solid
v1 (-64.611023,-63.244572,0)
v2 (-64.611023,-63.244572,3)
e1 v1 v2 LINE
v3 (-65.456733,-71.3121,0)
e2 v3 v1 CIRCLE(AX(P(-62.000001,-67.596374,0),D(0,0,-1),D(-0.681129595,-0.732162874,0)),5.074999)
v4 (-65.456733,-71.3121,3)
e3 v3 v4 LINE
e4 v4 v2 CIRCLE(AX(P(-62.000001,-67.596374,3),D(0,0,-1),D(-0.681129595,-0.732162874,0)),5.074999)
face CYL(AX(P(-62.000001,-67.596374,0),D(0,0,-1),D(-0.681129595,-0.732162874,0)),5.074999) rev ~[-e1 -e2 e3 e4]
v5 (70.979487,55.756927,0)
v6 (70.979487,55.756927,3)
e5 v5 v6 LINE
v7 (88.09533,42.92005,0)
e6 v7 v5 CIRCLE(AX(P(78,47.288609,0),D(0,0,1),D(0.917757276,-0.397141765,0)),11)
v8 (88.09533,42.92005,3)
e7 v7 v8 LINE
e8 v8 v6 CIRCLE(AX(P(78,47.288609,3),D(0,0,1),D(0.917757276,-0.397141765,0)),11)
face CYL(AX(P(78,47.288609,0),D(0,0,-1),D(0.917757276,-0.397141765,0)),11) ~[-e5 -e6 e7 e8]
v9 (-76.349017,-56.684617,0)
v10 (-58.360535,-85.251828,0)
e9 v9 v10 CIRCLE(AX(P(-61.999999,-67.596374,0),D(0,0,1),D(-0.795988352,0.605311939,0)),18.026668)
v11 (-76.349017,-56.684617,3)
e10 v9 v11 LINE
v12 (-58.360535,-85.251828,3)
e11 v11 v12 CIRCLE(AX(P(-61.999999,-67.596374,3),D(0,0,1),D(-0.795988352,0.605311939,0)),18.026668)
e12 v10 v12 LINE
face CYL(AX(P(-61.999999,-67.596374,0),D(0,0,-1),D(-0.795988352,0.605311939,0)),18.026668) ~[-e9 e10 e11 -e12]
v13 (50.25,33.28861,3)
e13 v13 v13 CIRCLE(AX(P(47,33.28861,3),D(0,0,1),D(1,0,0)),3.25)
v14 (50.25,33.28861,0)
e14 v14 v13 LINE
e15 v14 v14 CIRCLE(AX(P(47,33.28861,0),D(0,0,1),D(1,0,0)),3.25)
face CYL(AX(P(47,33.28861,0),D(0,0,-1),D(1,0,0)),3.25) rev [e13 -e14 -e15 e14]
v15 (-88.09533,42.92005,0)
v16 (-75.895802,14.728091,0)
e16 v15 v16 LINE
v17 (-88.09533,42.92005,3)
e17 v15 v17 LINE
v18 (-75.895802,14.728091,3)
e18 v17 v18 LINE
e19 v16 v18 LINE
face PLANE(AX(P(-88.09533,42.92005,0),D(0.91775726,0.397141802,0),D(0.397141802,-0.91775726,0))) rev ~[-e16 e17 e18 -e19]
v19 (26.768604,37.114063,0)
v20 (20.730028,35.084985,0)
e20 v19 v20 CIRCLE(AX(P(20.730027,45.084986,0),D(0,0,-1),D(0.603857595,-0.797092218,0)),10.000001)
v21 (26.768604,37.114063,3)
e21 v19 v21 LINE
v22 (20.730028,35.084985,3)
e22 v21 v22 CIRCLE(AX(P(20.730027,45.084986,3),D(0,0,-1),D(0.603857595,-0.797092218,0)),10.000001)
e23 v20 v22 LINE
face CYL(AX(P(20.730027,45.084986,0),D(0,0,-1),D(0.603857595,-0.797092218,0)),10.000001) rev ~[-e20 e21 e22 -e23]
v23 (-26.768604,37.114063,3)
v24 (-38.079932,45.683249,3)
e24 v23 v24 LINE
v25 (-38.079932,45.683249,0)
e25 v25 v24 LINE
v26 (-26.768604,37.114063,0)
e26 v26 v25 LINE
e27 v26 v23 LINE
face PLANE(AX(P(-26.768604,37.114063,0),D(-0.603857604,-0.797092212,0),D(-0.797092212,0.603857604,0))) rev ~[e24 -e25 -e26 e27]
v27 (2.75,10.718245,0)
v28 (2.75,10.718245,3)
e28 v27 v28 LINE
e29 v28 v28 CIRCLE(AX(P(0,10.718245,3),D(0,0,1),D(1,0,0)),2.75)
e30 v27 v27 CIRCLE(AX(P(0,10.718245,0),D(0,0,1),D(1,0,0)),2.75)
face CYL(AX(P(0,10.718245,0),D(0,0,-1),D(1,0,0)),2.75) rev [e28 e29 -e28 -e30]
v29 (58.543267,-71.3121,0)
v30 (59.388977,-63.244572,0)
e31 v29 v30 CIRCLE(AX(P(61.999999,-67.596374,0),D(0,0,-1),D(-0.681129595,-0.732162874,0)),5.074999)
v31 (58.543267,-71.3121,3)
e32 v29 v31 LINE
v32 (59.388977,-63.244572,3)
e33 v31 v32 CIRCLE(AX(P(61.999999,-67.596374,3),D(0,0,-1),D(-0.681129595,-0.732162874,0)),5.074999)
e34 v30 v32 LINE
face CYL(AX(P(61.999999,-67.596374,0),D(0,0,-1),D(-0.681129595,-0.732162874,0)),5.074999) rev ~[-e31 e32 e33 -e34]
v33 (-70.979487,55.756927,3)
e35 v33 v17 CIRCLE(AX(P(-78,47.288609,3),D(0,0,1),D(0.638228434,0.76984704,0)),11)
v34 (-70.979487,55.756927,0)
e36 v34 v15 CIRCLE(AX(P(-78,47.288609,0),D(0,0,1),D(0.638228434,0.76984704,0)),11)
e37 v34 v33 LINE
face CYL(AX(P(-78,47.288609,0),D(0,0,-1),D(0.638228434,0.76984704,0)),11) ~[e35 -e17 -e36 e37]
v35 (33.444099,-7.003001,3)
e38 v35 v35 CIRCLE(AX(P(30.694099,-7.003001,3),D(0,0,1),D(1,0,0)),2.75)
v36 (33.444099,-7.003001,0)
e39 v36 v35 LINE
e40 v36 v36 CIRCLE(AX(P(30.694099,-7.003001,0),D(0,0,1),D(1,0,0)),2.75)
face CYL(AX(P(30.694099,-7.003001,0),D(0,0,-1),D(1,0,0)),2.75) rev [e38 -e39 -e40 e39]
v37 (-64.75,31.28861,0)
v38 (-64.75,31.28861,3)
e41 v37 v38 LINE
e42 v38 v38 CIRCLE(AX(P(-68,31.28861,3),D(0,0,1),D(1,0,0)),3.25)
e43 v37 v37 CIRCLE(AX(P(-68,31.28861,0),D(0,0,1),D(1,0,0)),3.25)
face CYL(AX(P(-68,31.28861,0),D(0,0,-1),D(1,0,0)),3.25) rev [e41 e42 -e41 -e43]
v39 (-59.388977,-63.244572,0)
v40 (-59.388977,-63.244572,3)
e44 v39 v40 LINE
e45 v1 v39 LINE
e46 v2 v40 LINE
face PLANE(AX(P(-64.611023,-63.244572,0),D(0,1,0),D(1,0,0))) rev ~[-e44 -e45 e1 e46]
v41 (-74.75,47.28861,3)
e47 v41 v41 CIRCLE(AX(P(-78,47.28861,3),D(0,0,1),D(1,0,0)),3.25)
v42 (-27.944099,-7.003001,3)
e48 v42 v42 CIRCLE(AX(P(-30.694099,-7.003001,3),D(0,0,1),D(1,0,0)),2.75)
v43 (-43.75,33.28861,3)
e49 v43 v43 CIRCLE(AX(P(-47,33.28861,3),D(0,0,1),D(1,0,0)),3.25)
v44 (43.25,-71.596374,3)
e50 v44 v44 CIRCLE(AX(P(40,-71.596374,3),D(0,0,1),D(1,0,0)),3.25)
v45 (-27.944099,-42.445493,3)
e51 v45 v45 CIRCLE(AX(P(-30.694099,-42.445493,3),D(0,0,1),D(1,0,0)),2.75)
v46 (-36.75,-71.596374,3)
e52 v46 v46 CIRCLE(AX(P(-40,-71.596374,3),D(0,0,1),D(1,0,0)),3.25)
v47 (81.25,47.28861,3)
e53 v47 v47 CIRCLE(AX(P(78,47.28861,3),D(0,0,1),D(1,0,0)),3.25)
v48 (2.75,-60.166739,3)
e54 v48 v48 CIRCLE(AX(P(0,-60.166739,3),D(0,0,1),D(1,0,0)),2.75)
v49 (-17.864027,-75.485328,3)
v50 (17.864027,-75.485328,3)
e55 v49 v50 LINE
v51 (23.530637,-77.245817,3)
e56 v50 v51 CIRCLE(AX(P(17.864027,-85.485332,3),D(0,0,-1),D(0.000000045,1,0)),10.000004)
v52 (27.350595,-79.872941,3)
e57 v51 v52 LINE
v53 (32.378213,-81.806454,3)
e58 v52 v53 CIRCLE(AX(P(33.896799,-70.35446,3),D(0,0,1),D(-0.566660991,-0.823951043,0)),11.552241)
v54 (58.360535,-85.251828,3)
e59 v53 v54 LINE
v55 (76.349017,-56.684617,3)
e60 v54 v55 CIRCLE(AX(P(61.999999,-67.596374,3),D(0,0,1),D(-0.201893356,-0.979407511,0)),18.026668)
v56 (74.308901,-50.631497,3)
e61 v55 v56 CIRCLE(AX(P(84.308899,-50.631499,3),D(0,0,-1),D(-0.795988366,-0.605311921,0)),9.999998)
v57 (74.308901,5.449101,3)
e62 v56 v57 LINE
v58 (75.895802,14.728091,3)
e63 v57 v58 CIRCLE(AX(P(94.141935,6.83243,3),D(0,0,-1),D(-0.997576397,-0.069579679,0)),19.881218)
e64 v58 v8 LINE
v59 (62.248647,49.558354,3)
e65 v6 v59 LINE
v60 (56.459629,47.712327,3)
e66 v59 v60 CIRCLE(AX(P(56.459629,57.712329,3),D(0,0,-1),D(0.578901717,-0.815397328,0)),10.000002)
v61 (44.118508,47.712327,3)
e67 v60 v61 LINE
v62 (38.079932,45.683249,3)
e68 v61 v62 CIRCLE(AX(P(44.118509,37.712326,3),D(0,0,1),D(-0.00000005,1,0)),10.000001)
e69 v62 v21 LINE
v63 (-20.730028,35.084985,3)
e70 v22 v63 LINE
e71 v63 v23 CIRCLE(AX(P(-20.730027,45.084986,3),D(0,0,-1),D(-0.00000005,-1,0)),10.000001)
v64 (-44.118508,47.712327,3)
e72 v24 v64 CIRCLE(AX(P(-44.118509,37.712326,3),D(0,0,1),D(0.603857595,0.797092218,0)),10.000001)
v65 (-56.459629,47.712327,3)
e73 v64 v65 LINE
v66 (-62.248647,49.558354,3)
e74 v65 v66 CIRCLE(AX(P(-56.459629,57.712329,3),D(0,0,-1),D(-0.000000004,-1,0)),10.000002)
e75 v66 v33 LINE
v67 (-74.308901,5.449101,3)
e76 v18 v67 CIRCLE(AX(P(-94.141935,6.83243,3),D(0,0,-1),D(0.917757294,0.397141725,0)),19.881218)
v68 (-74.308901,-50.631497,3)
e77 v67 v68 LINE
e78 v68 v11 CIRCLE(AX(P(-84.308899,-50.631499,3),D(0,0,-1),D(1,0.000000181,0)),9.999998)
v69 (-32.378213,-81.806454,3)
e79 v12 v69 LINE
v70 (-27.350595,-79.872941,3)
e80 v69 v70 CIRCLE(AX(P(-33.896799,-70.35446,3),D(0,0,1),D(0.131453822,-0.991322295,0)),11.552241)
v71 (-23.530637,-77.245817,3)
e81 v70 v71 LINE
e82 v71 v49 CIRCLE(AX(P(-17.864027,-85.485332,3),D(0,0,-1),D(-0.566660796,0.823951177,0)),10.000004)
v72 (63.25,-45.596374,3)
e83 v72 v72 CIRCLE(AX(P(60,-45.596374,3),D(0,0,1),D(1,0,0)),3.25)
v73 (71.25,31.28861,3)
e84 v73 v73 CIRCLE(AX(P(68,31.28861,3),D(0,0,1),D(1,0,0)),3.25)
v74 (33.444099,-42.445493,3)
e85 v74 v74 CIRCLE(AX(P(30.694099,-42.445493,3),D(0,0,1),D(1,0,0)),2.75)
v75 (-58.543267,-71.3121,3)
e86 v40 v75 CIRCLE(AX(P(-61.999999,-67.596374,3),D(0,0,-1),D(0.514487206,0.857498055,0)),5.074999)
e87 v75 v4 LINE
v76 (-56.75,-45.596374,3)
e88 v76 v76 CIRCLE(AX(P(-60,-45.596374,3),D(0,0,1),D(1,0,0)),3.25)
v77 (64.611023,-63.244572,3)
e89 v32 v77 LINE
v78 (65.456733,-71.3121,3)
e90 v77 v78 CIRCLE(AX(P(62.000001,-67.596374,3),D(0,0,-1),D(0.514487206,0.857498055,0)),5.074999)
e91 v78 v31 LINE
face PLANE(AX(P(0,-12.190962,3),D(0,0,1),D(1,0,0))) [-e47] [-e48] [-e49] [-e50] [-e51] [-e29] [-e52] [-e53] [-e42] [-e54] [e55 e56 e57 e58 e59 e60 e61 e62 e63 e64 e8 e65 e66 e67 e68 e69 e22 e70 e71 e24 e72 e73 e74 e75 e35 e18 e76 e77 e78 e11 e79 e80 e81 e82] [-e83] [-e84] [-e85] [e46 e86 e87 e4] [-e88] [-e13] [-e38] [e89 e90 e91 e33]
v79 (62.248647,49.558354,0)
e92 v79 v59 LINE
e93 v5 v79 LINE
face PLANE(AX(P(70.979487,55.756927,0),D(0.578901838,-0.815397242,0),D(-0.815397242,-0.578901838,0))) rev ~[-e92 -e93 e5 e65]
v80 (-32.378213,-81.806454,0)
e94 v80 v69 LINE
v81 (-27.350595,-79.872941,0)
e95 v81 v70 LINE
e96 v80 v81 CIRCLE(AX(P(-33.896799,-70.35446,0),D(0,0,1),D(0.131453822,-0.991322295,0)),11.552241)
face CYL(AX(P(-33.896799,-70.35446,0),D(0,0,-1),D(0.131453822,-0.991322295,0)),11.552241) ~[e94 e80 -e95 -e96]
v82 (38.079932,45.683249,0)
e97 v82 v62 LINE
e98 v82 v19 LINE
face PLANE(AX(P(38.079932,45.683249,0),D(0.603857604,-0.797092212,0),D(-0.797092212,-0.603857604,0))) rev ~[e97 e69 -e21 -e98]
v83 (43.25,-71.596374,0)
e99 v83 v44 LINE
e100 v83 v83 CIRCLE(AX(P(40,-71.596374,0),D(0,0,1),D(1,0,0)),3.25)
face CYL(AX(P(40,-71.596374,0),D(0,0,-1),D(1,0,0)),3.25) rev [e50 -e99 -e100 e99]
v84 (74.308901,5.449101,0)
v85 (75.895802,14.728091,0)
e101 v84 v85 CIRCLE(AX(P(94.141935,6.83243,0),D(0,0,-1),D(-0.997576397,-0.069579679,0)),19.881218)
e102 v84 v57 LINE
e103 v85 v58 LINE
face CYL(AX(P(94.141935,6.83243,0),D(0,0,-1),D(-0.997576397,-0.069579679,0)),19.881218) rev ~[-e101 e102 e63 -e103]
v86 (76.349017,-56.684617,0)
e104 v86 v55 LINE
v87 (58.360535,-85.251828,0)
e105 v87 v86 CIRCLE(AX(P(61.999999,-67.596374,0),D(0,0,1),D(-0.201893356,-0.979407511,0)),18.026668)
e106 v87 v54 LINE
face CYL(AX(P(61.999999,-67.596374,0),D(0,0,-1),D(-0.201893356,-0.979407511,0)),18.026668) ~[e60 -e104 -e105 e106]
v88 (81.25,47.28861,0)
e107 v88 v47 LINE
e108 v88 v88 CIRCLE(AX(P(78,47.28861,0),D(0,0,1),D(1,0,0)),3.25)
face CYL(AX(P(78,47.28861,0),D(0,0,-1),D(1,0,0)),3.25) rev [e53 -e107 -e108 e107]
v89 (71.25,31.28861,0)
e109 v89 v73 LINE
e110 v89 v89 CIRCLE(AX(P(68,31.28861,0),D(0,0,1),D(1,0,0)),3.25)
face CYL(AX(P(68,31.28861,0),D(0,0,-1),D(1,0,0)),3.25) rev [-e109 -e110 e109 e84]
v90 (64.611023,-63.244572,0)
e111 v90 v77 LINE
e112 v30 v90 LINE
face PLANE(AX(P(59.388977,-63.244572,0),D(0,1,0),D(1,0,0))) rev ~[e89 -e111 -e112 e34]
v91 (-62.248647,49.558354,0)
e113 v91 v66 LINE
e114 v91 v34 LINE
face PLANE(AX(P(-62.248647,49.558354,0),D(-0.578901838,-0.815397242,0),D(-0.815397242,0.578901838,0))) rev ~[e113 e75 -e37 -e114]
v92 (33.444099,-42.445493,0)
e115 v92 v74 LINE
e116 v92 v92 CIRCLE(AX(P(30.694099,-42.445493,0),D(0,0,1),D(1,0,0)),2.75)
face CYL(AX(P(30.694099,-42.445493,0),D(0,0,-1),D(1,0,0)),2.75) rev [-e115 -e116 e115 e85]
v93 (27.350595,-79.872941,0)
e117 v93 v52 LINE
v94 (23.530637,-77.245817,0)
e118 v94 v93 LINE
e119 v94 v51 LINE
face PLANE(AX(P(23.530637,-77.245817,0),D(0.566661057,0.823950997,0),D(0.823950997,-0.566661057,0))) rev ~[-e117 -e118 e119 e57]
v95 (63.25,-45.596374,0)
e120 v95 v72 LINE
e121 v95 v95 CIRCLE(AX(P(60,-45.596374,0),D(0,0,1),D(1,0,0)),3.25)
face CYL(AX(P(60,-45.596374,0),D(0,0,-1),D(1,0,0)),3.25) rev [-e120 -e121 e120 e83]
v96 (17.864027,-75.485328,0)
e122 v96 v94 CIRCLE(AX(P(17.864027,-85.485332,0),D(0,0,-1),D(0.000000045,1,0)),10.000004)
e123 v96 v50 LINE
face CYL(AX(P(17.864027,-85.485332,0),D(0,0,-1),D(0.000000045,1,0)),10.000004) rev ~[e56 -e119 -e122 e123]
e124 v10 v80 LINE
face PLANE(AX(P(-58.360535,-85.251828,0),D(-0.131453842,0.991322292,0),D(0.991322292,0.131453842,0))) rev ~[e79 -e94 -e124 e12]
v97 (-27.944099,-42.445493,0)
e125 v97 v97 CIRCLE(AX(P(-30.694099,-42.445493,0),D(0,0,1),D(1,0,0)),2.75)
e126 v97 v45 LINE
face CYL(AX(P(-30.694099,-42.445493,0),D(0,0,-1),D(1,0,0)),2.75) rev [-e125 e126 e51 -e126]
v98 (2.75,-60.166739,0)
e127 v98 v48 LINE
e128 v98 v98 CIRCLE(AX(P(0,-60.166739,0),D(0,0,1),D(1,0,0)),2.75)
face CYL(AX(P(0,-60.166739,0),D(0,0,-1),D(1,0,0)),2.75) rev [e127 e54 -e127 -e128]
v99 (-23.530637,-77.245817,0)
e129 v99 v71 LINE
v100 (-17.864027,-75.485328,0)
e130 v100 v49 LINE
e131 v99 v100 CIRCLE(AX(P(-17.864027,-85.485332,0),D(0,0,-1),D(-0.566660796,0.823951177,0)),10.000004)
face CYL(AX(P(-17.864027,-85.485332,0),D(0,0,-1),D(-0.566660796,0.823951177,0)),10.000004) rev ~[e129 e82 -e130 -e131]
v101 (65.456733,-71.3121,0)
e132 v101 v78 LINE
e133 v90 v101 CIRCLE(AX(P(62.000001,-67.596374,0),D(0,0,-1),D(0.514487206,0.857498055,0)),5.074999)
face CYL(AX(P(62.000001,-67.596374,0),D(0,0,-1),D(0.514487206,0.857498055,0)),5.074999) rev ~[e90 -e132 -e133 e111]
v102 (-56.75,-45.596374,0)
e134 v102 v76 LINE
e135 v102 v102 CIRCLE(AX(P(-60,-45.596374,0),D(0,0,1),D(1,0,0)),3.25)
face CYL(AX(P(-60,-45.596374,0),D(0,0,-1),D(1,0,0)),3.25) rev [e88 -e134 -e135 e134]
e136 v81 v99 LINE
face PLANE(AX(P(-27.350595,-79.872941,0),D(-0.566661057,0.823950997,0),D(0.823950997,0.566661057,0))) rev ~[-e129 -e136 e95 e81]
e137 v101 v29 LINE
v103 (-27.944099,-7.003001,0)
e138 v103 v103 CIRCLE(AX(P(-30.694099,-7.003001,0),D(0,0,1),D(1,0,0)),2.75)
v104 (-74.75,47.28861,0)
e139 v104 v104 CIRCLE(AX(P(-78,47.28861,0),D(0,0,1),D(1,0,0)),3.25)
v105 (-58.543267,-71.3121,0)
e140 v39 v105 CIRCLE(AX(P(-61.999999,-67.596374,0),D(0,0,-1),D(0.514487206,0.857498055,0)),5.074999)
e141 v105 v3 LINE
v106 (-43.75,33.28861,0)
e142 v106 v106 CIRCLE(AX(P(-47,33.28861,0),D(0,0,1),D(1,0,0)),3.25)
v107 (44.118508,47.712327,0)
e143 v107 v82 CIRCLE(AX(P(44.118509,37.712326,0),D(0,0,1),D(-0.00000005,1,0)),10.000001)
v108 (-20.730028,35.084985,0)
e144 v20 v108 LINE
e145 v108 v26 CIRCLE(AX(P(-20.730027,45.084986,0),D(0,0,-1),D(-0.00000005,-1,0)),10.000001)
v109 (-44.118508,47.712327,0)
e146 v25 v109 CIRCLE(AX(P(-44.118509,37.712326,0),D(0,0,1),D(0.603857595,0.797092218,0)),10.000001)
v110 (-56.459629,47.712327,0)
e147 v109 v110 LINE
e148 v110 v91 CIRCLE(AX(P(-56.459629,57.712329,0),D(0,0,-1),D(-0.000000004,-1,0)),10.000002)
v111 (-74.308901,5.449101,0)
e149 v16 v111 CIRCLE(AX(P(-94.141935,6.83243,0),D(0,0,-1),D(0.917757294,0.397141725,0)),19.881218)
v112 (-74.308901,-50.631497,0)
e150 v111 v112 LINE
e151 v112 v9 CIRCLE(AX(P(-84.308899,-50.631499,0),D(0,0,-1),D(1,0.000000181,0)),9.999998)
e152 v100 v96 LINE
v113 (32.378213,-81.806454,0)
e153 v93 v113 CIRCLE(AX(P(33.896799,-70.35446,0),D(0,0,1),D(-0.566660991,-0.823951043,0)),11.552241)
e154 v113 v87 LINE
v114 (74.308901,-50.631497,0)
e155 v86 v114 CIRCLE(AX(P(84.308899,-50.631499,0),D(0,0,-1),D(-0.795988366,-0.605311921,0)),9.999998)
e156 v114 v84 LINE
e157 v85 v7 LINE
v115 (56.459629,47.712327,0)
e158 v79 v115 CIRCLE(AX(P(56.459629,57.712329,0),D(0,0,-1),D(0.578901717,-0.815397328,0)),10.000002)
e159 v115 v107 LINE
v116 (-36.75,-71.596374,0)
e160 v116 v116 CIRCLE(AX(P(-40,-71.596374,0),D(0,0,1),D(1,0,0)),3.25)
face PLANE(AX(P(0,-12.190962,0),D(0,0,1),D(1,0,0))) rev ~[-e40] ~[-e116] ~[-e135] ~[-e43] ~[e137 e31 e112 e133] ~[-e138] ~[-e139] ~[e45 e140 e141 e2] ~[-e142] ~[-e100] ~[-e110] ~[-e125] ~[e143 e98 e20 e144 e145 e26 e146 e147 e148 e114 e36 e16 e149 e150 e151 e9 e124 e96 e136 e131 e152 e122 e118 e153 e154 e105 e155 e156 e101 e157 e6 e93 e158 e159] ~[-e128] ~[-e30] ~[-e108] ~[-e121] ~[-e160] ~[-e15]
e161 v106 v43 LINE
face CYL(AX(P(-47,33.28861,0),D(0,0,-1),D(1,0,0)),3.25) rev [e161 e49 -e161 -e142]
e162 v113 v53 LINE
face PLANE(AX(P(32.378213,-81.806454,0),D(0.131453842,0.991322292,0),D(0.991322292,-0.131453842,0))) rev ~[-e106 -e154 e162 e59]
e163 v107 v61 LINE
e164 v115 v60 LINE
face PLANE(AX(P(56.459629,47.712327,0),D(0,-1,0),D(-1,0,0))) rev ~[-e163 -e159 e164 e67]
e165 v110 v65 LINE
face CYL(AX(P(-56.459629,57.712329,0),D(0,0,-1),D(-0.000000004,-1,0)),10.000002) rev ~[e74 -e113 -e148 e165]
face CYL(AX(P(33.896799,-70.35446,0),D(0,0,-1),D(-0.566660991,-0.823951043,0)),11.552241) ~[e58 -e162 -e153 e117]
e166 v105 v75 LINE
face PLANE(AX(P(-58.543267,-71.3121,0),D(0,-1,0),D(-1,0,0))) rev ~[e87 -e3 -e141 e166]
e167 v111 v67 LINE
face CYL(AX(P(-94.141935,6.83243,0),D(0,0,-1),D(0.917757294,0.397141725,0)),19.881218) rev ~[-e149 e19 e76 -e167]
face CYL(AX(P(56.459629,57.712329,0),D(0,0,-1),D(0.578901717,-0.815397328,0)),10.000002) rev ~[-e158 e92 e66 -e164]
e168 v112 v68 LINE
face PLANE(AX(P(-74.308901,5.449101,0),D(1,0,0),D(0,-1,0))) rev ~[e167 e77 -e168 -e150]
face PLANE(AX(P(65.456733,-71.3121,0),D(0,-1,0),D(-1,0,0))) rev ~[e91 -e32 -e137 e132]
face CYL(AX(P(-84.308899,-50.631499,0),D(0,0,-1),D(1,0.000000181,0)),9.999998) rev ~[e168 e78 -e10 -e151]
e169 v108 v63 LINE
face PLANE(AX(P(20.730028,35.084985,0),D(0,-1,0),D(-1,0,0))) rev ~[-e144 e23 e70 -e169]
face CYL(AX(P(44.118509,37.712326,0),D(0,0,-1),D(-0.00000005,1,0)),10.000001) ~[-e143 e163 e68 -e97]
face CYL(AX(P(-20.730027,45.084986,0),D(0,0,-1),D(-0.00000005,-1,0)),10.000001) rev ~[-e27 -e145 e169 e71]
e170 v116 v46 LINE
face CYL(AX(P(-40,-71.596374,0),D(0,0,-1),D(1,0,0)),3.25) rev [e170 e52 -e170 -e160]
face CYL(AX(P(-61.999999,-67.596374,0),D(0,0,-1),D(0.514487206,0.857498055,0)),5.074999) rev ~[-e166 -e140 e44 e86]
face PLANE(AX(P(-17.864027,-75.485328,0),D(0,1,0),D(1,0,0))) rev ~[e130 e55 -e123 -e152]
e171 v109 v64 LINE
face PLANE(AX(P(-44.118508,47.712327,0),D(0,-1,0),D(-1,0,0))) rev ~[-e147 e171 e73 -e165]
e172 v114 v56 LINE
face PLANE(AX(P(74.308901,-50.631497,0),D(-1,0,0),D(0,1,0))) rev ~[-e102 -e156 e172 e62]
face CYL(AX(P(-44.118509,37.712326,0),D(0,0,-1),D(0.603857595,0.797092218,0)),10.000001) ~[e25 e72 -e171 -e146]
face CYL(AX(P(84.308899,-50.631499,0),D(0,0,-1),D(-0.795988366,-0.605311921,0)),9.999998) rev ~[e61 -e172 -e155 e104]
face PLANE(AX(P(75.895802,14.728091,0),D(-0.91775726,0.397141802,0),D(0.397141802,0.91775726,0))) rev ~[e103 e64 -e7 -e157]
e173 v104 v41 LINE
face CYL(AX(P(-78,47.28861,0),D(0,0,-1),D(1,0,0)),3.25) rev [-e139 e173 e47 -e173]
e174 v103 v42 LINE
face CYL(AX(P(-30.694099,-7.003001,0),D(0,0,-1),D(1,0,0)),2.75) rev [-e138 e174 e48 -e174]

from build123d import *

# Parameters (mm, degrees)
F0_R     = 3.25
F0_R_2   = 2.75
F1_DEPTH = 3


with BuildPart() as f1:
    # F0 (on Top) → F1 (new body)
    with BuildSketch(Plane.XY):
        with BuildLine():
            Line((32.378213, -81.806454), (58.360535, -85.251828))
            ThreePointArc((58.360535, -85.251828), (77.254344, -77.201879), (76.349017, -56.684617))
            ThreePointArc((76.349017, -56.684617), (74.832645, -53.825332), (74.308901, -50.631497))
            Line((74.308901, -50.631497), (74.308901, 5.449101))
            ThreePointArc((74.308901, 5.449101), (74.545235, 10.183875), (75.895802, 14.728091))
            Line((75.895802, 14.728091), (88.09533, 42.92005))
            ThreePointArc((88.09533, 42.92005), (84.599998, 56.088611), (70.979487, 55.756927))
            Line((70.979487, 55.756927), (62.248647, 49.558354))
            ThreePointArc((62.248647, 49.558354), (59.497743, 48.185005), (56.459629, 47.712327))
            Line((56.459629, 47.712327), (44.118508, 47.712327))
            ThreePointArc((44.118508, 47.712327), (40.933325, 47.191494), (38.079932, 45.683249))
            Line((38.079932, 45.683249), (26.768604, 37.114063))
            ThreePointArc((26.768604, 37.114063), (23.915211, 35.605818), (20.730028, 35.084985))
            Line((20.730028, 35.084985), (0, 35.084985))
            Line((0, 35.084985), (-20.730028, 35.084985))
            ThreePointArc((-20.730028, 35.084985), (-23.915211, 35.605818), (-26.768604, 37.114063))
            Line((-26.768604, 37.114063), (-38.079932, 45.683249))
            ThreePointArc((-38.079932, 45.683249), (-40.933325, 47.191494), (-44.118508, 47.712327))
            Line((-44.118508, 47.712327), (-56.459629, 47.712327))
            ThreePointArc((-56.459629, 47.712327), (-59.497743, 48.185005), (-62.248647, 49.558354))
            Line((-62.248647, 49.558354), (-70.979487, 55.756927))
            ThreePointArc((-70.979487, 55.756927), (-84.599998, 56.088611), (-88.09533, 42.92005))
            Line((-88.09533, 42.92005), (-75.895802, 14.728091))
            ThreePointArc((-75.895802, 14.728091), (-74.545235, 10.183875), (-74.308901, 5.449101))
            Line((-74.308901, 5.449101), (-74.308901, -50.631497))
            ThreePointArc((-74.308901, -50.631497), (-74.832645, -53.825332), (-76.349017, -56.684617))
            ThreePointArc((-76.349017, -56.684617), (-77.254344, -77.201879), (-58.360535, -85.251828))
            Line((-58.360535, -85.251828), (-32.378213, -81.806454))
            ThreePointArc((-32.378213, -81.806454), (-29.750134, -81.136827), (-27.350595, -79.872941))
            Line((-27.350595, -79.872941), (-23.530637, -77.245817))
            ThreePointArc((-23.530637, -77.245817), (-20.830919, -75.935587), (-17.864027, -75.485328))
            Line((-17.864027, -75.485328), (0, -75.485328))
            Line((0, -75.485328), (17.864027, -75.485328))
            ThreePointArc((17.864027, -75.485328), (20.830919, -75.935587), (23.530637, -77.245817))
            Line((23.530637, -77.245817), (27.350595, -79.872941))
            ThreePointArc((27.350595, -79.872941), (29.750134, -81.136827), (32.378213, -81.806454))
        make_face()
        with BuildLine():
            ThreePointArc((-65.456733, -71.3121), (-67.047343, -67.067267), (-64.611023, -63.244572))
            Line((-64.611023, -63.244572), (-59.388977, -63.244572))
            ThreePointArc((-59.388977, -63.244572), (-56.952657, -67.067267), (-58.543267, -71.3121))
            Line((-58.543267, -71.3121), (-65.456733, -71.3121))
        make_face(mode=Mode.SUBTRACT)
        with Locations((-40, -71.596374)):
            Circle(F0_R, mode=Mode.SUBTRACT)
        with Locations((-60, -45.596374)):
            Circle(F0_R, mode=Mode.SUBTRACT)
        with Locations((-30.694099, -42.445493)):
            Circle(F0_R_2, mode=Mode.SUBTRACT)
        with Locations((40, -71.596374)):
            Circle(F0_R, mode=Mode.SUBTRACT)
        with Locations((0, -60.166739)):
            Circle(F0_R_2, mode=Mode.SUBTRACT)
        with BuildLine():
            ThreePointArc((58.543267, -71.3121), (56.952657, -67.067267), (59.388977, -63.244572))
            Line((59.388977, -63.244572), (64.611023, -63.244572))
            ThreePointArc((64.611023, -63.244572), (67.047343, -67.067267), (65.456733, -71.3121))
            Line((65.456733, -71.3121), (58.543267, -71.3121))
        make_face(mode=Mode.SUBTRACT)
        with Locations((30.694099, -42.445493)):
            Circle(F0_R_2, mode=Mode.SUBTRACT)
        with Locations((60, -45.596374)):
            Circle(F0_R, mode=Mode.SUBTRACT)
        with Locations((-30.694099, -7.003001)):
            Circle(F0_R_2, mode=Mode.SUBTRACT)
        with Locations((-68, 31.28861)):
            Circle(F0_R, mode=Mode.SUBTRACT)
        with Locations((-47, 33.28861)):
            Circle(F0_R, mode=Mode.SUBTRACT)
        with Locations((-78, 47.28861)):
            Circle(F0_R, mode=Mode.SUBTRACT)
        with Locations((30.694099, -7.003001)):
            Circle(F0_R_2, mode=Mode.SUBTRACT)
        with Locations((0, 10.718245)):
            Circle(F0_R_2, mode=Mode.SUBTRACT)
        with Locations((47, 33.28861)):
            Circle(F0_R, mode=Mode.SUBTRACT)
        with Locations((68, 31.28861)):
            Circle(F0_R, mode=Mode.SUBTRACT)
        with Locations((78, 47.28861)):
            Circle(F0_R, mode=Mode.SUBTRACT)
    extrude(amount=F1_DEPTH)


solid = f1.part
